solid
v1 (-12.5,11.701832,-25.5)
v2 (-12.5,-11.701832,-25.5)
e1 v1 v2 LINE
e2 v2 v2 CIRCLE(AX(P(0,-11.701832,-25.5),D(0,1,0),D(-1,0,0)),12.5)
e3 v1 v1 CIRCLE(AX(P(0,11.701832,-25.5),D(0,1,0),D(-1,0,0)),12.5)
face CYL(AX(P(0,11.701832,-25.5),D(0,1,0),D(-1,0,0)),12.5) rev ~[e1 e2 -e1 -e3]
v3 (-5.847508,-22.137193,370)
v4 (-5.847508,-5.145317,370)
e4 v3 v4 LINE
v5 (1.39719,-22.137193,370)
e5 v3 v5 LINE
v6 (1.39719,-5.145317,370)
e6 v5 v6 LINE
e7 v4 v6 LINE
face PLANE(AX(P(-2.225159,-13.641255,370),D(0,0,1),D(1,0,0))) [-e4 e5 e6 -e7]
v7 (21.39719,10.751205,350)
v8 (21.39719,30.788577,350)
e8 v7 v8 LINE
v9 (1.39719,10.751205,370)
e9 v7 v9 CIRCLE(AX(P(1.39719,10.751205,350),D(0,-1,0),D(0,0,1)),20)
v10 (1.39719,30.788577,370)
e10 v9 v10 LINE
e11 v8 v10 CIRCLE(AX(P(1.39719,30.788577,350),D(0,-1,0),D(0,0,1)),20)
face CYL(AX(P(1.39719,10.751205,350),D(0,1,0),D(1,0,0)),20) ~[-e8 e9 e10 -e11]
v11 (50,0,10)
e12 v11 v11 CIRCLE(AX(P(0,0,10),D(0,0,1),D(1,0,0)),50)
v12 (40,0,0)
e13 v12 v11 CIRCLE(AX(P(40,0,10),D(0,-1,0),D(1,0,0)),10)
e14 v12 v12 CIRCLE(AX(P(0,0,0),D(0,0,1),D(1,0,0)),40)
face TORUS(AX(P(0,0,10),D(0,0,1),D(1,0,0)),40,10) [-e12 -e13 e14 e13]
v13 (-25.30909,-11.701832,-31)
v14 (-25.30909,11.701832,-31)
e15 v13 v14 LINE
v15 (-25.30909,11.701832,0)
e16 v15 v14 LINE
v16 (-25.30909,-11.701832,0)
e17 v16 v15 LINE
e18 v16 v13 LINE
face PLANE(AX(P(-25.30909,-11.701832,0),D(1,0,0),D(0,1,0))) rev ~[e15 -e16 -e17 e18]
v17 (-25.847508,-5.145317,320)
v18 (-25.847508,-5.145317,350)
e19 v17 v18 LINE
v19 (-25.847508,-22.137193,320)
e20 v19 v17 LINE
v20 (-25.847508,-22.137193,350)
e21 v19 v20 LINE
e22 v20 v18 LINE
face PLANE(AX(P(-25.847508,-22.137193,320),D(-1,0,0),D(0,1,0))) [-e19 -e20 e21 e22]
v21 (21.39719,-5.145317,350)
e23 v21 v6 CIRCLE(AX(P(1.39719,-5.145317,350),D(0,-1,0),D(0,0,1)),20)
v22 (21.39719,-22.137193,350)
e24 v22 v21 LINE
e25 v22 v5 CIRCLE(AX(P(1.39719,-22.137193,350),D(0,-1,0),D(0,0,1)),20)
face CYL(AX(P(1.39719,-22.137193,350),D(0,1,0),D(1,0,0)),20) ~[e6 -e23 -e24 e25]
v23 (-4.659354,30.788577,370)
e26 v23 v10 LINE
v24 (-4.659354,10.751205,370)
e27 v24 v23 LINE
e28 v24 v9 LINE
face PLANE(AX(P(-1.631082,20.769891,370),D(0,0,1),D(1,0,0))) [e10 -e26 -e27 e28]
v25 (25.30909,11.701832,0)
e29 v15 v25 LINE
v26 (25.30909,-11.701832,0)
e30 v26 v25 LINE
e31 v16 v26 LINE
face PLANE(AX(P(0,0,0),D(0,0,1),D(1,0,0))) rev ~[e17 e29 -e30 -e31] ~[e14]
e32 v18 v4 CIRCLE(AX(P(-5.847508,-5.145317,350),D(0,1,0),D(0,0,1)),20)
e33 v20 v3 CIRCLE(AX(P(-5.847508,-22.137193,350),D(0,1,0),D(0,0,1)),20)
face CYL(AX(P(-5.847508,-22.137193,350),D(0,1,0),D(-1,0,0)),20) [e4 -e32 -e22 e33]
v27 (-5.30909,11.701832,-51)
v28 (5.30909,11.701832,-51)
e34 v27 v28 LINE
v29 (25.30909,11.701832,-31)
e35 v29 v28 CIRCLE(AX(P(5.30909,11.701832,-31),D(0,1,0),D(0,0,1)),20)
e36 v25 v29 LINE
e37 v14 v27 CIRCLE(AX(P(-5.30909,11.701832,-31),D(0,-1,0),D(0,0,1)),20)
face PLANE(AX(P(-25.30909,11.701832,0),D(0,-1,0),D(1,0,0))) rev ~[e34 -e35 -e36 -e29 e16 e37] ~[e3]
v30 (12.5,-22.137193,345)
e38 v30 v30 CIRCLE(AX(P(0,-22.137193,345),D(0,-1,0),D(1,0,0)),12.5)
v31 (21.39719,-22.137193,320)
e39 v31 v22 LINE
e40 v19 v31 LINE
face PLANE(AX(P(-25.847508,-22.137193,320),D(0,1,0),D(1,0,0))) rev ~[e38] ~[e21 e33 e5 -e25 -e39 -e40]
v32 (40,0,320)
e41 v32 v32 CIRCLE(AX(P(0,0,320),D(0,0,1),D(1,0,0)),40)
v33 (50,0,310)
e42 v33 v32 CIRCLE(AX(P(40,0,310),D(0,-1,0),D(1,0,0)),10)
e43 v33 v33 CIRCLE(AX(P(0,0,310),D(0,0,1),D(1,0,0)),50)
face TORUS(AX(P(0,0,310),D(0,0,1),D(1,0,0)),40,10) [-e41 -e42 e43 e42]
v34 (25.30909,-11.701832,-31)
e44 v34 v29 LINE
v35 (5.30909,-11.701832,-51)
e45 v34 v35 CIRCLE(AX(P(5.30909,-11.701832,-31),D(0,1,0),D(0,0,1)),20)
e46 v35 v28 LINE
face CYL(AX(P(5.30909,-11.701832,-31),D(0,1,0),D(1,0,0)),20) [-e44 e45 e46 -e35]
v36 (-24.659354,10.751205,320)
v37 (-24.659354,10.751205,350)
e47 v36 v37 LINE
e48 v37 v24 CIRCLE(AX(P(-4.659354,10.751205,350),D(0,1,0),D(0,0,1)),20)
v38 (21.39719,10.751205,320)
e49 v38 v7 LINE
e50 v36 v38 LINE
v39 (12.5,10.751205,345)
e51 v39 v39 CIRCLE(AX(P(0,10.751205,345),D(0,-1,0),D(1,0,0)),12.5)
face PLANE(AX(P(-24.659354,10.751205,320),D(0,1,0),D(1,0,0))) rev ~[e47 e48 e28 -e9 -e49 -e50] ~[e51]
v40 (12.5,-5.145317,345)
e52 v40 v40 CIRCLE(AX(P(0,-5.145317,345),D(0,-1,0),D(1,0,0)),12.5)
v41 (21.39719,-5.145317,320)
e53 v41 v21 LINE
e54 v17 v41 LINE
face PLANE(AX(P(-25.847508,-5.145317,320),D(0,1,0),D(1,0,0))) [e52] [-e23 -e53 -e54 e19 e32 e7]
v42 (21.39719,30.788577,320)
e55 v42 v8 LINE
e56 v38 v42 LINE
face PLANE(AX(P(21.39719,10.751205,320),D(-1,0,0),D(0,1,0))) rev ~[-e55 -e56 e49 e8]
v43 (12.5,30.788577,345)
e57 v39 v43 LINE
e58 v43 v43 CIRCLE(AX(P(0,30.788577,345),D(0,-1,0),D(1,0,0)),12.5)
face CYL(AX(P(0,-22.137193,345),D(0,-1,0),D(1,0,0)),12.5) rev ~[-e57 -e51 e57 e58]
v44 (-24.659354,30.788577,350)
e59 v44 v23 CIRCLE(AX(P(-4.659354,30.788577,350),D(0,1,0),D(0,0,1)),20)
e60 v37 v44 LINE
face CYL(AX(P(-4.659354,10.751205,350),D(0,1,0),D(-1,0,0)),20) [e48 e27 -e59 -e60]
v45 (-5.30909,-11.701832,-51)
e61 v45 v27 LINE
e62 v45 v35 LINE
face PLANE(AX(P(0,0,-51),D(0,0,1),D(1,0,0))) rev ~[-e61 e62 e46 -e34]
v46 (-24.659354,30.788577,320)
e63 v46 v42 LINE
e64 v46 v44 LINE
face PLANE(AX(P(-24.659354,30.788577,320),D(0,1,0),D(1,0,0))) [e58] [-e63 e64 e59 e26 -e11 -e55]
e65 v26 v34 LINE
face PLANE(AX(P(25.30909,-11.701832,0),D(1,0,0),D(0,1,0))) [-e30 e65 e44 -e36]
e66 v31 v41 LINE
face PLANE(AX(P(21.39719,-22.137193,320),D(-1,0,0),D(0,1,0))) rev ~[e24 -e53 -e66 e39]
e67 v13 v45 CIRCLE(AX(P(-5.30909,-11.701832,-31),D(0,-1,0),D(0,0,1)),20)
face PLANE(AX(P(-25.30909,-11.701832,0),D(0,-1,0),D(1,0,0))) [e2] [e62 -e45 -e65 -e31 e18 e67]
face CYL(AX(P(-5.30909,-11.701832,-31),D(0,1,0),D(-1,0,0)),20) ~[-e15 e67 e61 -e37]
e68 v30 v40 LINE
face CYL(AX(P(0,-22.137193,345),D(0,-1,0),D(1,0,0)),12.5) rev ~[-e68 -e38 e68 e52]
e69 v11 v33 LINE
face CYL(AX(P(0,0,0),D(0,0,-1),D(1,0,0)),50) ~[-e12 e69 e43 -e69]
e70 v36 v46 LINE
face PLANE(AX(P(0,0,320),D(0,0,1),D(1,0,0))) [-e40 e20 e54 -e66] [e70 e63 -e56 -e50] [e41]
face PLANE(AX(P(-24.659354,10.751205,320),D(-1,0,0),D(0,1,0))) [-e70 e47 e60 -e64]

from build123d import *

# Parameters (mm, degrees)
F0_R     = 50
F1_DEPTH = 320
F2_W     = 47.244698
F2_H     = 16.991875
F2_W_2   = 46.056544
F2_H_2   = 20.037373
F3_DEPTH = 50
F4_R     = 12.5
F5_DEPTH = 72.138193
F6_W     = 50.61818
F6_H     = 23.403664
F7_DEPTH = 51
F8_R     = 12.5
F9_DEPTH = 61.702832
F10_R    = 20
F11_R    = 10


with BuildPart() as f1:
    # F0 (on Top) → F1 (new body)
    with BuildSketch(Plane.XY):
        Circle(F0_R)
    extrude(amount=F1_DEPTH)

    # F2 (on face) → F3 (join)
    with BuildSketch(Plane.XY.offset(320)):
        with Locations((-2.225159, -13.641255)):
            Rectangle(F2_W, F2_H)
        with Locations((-1.631082, 20.769891)):
            Rectangle(F2_W_2, F2_H_2)
    extrude(amount=F3_DEPTH)

    # F4 (on face) → F5 (cut, through all)
    with BuildSketch(Plane.XZ.offset(22.137193)):
        with Locations((0, 345)):
            Circle(F4_R)
    extrude(amount=-F5_DEPTH, mode=Mode.SUBTRACT)

    # F6 (on Top) → F7 (join)
    with BuildSketch(Plane.XY):
        Rectangle(F6_W, F6_H)
    extrude(amount=-F7_DEPTH)

    # F8 (on face) → F9 (cut, through all)
    with BuildSketch(Plane(origin=(0, 11.701832, 0), x_dir=(-1, 0, 0), z_dir=(0, 1, 0))):
        with Locations((0, -25.5)):
            Circle(F8_R)
    extrude(amount=-F9_DEPTH, mode=Mode.SUBTRACT)

    # F10
    f10_edges = [f1.edges().sort_by_distance(p)[0] for p in [
        (21.39719, -13.641255, 370),
        (21.39719, 20.769892, 370),
        (-24.659354, 20.769892, 370),
        (-25.847508, -13.641255, 370),
        (25.30909, 0, -51),
        (-25.30909, 0, -51),
    ]]
    fillet(f10_edges, radius=F10_R)

    # F11
    f11_edges = [f1.edges().sort_by_distance(p)[0] for p in [
        (-50, 0, 0),
        (-50, 0, 320),
    ]]
    fillet(f11_edges, radius=F11_R)


solid = f1.part
